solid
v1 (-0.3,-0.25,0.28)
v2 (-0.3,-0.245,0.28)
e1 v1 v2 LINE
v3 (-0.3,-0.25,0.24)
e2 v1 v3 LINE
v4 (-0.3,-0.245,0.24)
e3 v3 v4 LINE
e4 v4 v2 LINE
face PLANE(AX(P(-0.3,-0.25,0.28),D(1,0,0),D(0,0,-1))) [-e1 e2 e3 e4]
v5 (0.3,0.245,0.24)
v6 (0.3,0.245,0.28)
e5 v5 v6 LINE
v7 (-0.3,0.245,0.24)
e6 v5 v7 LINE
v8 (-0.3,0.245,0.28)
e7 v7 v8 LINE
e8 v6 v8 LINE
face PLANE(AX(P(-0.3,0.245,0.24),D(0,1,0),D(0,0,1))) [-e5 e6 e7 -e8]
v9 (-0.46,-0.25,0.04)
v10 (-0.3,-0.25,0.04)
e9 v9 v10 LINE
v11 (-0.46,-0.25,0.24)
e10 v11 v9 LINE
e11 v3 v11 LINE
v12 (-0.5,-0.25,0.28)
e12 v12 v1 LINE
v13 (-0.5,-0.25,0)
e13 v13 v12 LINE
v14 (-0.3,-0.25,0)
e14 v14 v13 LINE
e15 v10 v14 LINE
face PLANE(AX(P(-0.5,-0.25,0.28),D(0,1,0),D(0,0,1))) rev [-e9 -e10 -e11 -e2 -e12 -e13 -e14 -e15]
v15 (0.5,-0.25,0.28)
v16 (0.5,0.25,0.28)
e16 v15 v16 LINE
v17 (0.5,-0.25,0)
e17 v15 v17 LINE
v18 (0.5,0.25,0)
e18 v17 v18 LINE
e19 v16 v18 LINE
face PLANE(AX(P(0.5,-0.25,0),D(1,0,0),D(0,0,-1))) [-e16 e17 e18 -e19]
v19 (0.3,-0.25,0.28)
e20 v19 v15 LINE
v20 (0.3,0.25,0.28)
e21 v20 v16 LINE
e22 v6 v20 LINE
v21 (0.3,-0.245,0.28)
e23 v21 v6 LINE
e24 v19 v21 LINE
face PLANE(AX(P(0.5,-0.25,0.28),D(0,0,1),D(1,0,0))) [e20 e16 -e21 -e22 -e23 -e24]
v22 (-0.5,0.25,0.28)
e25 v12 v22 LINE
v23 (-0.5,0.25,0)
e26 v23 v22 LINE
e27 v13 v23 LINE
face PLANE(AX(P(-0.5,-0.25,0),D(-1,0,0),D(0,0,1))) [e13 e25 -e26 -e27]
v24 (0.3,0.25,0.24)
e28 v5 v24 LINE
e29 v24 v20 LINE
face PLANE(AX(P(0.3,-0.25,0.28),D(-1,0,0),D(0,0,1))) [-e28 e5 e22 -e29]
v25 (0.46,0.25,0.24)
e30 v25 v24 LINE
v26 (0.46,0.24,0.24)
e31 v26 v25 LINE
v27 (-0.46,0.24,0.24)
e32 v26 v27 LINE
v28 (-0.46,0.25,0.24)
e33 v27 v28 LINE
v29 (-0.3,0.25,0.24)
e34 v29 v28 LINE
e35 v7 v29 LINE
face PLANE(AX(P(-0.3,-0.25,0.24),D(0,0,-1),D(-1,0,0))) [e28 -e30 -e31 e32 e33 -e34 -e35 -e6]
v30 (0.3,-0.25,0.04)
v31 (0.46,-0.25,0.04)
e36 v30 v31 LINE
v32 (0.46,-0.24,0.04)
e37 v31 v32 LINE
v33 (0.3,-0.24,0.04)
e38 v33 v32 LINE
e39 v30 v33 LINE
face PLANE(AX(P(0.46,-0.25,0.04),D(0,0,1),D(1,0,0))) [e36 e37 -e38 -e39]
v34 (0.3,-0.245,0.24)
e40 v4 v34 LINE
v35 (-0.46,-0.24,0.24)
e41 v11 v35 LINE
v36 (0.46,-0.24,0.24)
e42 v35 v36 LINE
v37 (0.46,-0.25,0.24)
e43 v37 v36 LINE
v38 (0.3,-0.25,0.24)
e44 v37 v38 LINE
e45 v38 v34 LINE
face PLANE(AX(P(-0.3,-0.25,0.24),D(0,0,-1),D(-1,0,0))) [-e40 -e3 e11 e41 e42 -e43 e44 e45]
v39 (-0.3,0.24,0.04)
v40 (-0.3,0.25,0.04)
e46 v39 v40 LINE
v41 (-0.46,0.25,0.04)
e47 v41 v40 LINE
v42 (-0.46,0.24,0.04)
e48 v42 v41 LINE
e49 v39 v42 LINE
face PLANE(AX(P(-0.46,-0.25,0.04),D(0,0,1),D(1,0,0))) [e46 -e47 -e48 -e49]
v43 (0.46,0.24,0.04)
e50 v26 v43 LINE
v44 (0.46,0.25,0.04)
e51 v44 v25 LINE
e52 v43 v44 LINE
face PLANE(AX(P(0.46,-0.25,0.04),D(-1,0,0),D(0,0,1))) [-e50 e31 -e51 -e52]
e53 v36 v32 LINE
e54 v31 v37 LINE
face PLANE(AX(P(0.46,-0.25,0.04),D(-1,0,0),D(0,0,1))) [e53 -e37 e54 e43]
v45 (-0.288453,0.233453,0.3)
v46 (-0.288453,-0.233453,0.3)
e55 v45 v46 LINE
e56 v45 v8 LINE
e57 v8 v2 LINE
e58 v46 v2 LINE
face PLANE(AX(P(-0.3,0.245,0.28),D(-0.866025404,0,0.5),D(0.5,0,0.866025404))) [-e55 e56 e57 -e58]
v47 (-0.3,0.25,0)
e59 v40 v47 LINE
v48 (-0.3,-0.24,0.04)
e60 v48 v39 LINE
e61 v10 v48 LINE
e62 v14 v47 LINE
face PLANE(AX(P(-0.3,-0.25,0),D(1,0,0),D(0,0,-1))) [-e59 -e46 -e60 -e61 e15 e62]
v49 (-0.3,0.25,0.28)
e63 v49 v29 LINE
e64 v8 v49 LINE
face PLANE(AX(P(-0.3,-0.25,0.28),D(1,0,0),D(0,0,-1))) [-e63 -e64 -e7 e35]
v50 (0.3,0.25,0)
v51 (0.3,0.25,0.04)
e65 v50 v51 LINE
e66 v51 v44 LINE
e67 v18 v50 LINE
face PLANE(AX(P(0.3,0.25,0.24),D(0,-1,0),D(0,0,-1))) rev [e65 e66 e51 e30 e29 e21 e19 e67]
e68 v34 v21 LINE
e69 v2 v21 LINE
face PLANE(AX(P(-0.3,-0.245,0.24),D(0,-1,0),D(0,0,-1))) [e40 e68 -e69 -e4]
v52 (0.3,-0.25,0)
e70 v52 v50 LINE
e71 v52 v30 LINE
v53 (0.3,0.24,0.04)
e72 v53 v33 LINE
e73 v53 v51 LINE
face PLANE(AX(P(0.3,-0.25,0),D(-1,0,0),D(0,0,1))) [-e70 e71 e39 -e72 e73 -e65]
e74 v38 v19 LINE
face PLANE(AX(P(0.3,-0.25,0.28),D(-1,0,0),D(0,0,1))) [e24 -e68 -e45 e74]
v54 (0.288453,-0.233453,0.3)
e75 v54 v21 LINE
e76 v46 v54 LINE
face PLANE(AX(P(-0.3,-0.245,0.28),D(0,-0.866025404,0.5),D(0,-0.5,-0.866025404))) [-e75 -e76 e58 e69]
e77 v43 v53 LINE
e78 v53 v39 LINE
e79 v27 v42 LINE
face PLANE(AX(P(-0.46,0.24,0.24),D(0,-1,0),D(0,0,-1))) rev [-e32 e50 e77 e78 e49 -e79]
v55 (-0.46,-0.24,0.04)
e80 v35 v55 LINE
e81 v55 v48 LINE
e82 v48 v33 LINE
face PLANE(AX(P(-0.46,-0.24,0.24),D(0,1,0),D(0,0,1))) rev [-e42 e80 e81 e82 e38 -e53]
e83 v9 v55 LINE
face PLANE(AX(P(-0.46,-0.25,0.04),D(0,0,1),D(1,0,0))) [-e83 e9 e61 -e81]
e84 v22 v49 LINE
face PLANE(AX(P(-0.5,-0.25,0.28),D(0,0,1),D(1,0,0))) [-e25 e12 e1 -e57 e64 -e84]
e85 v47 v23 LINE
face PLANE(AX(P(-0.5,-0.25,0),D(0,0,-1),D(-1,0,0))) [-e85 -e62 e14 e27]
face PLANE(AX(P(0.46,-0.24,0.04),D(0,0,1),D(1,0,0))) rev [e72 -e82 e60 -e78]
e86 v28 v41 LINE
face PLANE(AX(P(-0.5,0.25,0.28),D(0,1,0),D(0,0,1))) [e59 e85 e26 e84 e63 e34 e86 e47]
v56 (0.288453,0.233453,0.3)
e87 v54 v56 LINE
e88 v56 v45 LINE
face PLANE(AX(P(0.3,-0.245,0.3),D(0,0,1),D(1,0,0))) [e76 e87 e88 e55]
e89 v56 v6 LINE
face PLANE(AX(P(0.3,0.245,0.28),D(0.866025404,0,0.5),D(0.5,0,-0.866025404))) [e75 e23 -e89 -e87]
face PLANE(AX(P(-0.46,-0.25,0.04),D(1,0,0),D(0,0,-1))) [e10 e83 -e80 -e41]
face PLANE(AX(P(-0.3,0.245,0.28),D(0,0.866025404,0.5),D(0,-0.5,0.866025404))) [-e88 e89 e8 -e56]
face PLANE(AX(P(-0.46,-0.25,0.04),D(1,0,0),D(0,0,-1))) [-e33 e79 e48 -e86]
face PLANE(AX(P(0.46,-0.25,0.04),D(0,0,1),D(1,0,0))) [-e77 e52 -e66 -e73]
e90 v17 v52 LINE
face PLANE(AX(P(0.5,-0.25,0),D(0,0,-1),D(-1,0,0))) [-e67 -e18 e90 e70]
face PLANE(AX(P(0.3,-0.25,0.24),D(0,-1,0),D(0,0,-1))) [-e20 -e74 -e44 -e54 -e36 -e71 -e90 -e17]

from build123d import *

# Parameters (mm, degrees)
EXTRUDE_START             = 0.04
SKETCH_2_W                = 0.92
SKETCH_2_H                = 0.48
EXTRUDE_2_DEPTH           = 0.2
EXTRUDE_4_DEPTH           = 0.25
EXTRUDE_4_DEPTH_BACK      = 0.25
EXTRUDE_START_2           = 0.28
SKETCH_6_W                = 0.6
SKETCH_6_H                = 0.49
EXTRUDE_6_DEPTH           = 0.02
EXTRUDE_6_TAPER           = 30
EXTRUDE_6_OTHER_WAY_DEPTH = 0.04


with BuildPart() as part:
    # Эскиз2 → Вытянуть2 (new body)
    with BuildSketch(Plane.XY.offset(EXTRUDE_START)):
        Rectangle(SKETCH_2_W, SKETCH_2_H)
    extrude(amount=EXTRUDE_2_DEPTH)

    # Эскиз4 → Вытянуть4 (add, two sides)
    with BuildSketch(Plane(origin=(0, 0, 0), x_dir=(1, 0, 0), z_dir=(0, 1, 0))) as extrude_4_sk:
        Polygon((-0.5, 0), (-0.3, 0), (-0.3, -0.04), (-0.46, -0.04), (-0.46, -0.24), (-0.3, -0.24), (-0.3, -0.28), (-0.5, -0.28), align=None)
        Polygon((0.3, -0.24), (0.46, -0.24), (0.46, -0.04), (0.3, -0.04), (0.3, 0), (0.5, 0), (0.5, -0.28), (0.3, -0.28), align=None)
    extrude(amount=EXTRUDE_4_DEPTH)
    extrude(extrude_4_sk.sketch, amount=-EXTRUDE_4_DEPTH_BACK)

    # Эскиз6 → Вытянуть6 (add)
    with BuildSketch(Plane.XY.offset(EXTRUDE_START_2)):
        Rectangle(SKETCH_6_W, SKETCH_6_H)
    extrude(amount=EXTRUDE_6_DEPTH, taper=EXTRUDE_6_TAPER)

    # Эскиз6 → Вытянуть6 other way (add)
    with BuildSketch(Plane.XY.offset(EXTRUDE_START_2)):
        Rectangle(SKETCH_6_W, SKETCH_6_H)
    extrude(amount=-EXTRUDE_6_OTHER_WAY_DEPTH)


solid = part.part
